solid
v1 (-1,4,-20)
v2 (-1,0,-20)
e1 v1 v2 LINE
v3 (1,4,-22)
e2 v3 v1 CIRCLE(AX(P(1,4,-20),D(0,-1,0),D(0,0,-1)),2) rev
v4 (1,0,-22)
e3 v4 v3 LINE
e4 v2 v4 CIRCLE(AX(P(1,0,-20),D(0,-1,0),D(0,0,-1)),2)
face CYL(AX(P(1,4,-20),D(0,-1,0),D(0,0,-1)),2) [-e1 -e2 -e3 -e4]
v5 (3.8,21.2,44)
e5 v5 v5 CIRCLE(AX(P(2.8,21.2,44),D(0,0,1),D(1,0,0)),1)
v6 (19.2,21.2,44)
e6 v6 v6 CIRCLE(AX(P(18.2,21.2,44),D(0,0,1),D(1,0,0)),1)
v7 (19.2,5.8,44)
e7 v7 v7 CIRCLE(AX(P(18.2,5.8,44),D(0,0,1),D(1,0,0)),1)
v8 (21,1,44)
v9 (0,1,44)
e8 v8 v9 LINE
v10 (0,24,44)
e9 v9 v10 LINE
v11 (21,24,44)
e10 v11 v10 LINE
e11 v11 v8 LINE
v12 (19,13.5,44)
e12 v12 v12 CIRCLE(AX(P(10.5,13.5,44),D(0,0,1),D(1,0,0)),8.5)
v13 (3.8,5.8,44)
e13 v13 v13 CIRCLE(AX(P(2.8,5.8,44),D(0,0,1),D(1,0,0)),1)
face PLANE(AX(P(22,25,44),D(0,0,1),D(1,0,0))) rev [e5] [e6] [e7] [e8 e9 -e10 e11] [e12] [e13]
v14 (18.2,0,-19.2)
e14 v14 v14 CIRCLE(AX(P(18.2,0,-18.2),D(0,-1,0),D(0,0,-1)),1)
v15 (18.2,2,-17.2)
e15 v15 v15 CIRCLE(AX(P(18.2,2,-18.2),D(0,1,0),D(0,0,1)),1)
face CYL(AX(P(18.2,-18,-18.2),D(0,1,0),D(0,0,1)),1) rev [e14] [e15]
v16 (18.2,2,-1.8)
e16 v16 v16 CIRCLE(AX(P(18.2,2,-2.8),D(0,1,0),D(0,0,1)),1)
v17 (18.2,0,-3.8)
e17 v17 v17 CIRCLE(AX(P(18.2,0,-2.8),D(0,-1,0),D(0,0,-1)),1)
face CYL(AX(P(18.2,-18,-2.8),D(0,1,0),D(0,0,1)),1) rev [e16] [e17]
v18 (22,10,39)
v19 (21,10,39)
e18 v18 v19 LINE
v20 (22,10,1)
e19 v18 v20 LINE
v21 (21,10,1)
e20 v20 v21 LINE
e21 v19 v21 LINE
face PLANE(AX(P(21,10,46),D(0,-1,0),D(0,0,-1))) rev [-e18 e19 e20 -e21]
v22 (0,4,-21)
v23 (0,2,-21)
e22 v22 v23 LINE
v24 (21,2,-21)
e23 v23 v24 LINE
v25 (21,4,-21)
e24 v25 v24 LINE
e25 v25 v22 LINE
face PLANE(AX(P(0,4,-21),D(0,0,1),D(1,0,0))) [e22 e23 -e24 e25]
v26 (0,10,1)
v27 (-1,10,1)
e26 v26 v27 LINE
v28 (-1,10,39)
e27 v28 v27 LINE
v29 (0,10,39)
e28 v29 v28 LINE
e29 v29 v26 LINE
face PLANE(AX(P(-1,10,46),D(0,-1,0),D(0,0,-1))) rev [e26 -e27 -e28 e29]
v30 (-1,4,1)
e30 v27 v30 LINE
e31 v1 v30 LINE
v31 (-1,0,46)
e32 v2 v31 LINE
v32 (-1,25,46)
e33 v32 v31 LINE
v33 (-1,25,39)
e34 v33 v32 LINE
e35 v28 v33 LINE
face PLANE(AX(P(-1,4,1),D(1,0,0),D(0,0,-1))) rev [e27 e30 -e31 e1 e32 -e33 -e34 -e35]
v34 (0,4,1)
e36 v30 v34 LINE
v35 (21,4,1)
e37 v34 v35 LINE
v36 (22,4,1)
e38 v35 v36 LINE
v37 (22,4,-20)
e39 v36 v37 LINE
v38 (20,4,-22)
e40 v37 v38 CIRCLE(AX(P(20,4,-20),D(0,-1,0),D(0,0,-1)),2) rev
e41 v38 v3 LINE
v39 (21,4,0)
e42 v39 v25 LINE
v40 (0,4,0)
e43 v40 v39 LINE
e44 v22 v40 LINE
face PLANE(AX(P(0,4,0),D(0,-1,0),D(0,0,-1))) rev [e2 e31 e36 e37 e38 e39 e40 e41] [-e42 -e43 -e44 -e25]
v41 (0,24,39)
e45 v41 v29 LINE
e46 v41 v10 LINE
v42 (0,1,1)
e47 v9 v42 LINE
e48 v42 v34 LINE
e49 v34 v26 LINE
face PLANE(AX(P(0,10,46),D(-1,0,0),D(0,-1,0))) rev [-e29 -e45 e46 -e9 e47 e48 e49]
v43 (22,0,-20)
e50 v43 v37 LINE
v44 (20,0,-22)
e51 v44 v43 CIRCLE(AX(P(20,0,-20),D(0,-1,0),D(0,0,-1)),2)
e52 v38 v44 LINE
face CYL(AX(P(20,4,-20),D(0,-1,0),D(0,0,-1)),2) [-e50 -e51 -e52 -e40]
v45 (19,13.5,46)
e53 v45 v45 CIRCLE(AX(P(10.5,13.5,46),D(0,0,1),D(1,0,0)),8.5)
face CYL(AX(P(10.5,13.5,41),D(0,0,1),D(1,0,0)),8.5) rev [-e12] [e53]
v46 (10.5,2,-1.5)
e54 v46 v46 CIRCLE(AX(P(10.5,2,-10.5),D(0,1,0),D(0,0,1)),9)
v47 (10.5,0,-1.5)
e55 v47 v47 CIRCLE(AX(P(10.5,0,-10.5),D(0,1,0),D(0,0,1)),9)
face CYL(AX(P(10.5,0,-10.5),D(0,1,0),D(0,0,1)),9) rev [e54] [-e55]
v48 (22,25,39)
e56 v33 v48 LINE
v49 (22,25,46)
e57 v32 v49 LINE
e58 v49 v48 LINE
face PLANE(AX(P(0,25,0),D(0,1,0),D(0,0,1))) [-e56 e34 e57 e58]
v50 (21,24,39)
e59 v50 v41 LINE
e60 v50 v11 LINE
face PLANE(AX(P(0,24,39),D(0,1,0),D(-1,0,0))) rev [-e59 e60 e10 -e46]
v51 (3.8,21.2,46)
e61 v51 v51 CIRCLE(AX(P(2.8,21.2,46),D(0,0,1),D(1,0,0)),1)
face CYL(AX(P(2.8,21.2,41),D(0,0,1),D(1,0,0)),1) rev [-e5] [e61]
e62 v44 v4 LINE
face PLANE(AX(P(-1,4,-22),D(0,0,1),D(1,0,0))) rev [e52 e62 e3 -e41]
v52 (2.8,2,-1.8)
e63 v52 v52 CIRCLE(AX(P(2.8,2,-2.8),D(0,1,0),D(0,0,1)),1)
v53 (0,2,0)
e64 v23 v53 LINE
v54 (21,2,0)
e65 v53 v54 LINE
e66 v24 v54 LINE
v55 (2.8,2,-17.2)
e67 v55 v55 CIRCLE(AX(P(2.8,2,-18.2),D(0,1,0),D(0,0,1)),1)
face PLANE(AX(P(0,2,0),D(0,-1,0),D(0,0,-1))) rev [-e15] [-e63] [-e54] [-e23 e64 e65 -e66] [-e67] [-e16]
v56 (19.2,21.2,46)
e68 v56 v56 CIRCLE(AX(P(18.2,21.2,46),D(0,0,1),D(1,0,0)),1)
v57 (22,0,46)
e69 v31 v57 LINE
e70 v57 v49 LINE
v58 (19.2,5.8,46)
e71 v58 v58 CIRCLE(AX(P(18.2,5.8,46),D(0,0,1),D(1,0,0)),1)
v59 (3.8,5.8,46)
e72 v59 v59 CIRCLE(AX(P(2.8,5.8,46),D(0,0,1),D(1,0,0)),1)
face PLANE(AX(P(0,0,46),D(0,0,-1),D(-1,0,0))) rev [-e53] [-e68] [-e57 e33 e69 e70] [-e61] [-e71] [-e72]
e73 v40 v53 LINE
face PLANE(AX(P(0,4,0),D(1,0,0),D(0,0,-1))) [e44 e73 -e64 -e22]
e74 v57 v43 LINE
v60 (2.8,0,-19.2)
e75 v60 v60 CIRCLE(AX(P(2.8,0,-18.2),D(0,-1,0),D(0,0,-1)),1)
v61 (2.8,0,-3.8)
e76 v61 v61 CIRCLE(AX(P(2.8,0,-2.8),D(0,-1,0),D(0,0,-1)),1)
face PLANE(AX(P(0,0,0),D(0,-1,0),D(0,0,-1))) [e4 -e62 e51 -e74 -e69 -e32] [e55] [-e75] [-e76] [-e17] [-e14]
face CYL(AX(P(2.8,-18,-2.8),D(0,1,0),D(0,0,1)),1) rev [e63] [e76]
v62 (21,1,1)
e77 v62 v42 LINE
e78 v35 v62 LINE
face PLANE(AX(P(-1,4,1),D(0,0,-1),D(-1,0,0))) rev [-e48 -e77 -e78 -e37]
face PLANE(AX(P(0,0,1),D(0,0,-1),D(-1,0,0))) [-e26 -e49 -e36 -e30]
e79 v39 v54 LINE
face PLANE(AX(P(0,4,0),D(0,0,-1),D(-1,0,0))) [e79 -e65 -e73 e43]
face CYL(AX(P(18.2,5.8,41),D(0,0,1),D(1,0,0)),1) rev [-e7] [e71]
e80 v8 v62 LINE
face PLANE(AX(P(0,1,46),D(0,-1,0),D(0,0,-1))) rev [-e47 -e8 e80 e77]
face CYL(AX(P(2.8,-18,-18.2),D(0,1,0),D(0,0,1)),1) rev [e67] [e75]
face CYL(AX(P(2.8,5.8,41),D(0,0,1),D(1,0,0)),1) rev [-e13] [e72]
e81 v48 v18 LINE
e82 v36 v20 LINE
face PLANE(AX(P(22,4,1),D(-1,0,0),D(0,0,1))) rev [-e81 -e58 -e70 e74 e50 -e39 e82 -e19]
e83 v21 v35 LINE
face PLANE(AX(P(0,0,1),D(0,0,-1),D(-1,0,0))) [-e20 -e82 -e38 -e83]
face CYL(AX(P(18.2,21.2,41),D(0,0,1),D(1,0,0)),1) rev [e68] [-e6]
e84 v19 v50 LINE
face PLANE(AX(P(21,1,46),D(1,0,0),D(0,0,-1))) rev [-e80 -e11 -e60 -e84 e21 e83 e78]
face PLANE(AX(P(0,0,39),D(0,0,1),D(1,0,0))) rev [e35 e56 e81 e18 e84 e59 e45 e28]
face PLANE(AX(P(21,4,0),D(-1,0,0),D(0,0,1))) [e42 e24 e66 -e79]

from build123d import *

# Parameters (mm, degrees)
SKETCH_1_W           = 23
SKETCH_1_H           = 23
SKETCH_1_W_2         = 21
SKETCH_1_H_2         = 21
EXTRUDE_1_DEPTH      = 4
SKETCH_2_W           = 21
SKETCH_2_H           = 21
EXTRUDE_2_DEPTH      = 2
CUT_EXTRUDE_1_DEPTH  = 2
FILLET_2_R           = 2
FILLET_3_R           = 2
EXTRUDE_6_DEPTH      = 45
SKETCH_19_W          = 23
SKETCH_19_H          = 2
EXTRUDE_7_DEPTH      = 24
SKETCH_4_R           = 1
CUT_EXTRUDE_9_DEPTH  = 20
EXTRUDE_8_DEPTH      = 5
SKETCH_22_R          = 8.5
SKETCH_22_R_2        = 1
CUT_EXTRUDE_11_DEPTH = 5


with BuildPart() as part:
    # 草图1 → 凸台-拉伸1 (new body)
    with BuildSketch(Plane(origin=(0, 0, 0), x_dir=(1, 0, 0), z_dir=(0, 1, 0))):
        with Locations((10.5, 10.5)):
            Rectangle(SKETCH_1_W, SKETCH_1_H)
        with Locations((10.5, 10.5)):
            Rectangle(SKETCH_1_W_2, SKETCH_1_H_2, mode=Mode.SUBTRACT)
    extrude(amount=EXTRUDE_1_DEPTH)

    # 草图2 → 凸台-拉伸2 (add)
    with BuildSketch(Plane(origin=(0, 0, 0), x_dir=(1, 0, 0), z_dir=(0, 1, 0))):
        with Locations((10.5, 10.5)):
            Rectangle(SKETCH_2_W, SKETCH_2_H)
    extrude(amount=EXTRUDE_2_DEPTH)

    # 草图3 → 切除-拉伸1 (cut)
    with BuildSketch(Plane(origin=(0, 2, 0), x_dir=(1, 0, 0), z_dir=(0, 1, 0))):
        with BuildLine():
            ThreePointArc((19.5, 10.5), (10.5, 19.5), (1.5, 10.5))
            Line((1.5, 10.5), (19.5, 10.5))
        make_face()
        with BuildLine():
            Line((19.5, 10.5), (1.5, 10.5))
            ThreePointArc((1.5, 10.5), (10.5, 1.5), (19.5, 10.5))
        make_face()
    extrude(amount=-CUT_EXTRUDE_1_DEPTH, mode=Mode.SUBTRACT)

    # 圆角2
    fillet_2_edges = [part.edges().sort_by_distance(p)[0] for p in [
        (-1, 2, -22),
    ]]
    fillet(fillet_2_edges, radius=FILLET_2_R)

    # 圆角3
    fillet_3_edges = [part.edges().sort_by_distance(p)[0] for p in [
        (22, 2, -22),
    ]]
    fillet(fillet_3_edges, radius=FILLET_3_R)

    # 草图18 → 凸台-拉伸6 (add)
    with BuildSketch(Plane.XY.offset(1)):
        Polygon((-1, 0), (22, 0), (22, 10), (21, 10), (21, 1), (0, 1), (0, 10), (-1, 10), align=None)
    extrude(amount=EXTRUDE_6_DEPTH)

    # 草图19 → 凸台-拉伸7 (add)
    with BuildSketch(Plane(origin=(0, 1, 0), x_dir=(1, 0, 0), z_dir=(0, 1, 0))):
        with Locations((10.5, -45)):
            Rectangle(SKETCH_19_W, SKETCH_19_H)
    extrude(amount=EXTRUDE_7_DEPTH)

    # 草图4 → 切除-拉伸9 (cut)
    with BuildSketch(Plane(origin=(0, 2, 0), x_dir=(1, 0, 0), z_dir=(0, 1, 0))):
        with Locations(Location((2.8, 18.2, 0), (0, 0, 270))):
            Circle(SKETCH_4_R)
        with Locations(Location((2.8, 2.8, 0), (0, 0, 270))):
            Circle(SKETCH_4_R)
        with Locations(Location((18.2, 2.8, 0), (0, 0, 270))):
            Circle(SKETCH_4_R)
        with Locations(Location((18.2, 18.2, 0), (0, 0, 270))):
            Circle(SKETCH_4_R)
    extrude(amount=-CUT_EXTRUDE_9_DEPTH, mode=Mode.SUBTRACT)

    # 草图24 → 凸台-拉伸8 (add)
    with BuildSketch(Plane(origin=(0, 0, 44), x_dir=(-1, 0, 0), z_dir=(0, 0, -1))):
        Polygon((-22, 10), (-22, 25), (1, 25), (1, 10), (0, 10), (0, 24), (-21, 24), (-21, 10), align=None)
    extrude(amount=EXTRUDE_8_DEPTH)

    # 草图22 → 切除-拉伸11 (cut)
    with BuildSketch(Plane.XY.offset(46)):
        with Locations((10.5, 13.5)):
            Circle(SKETCH_22_R)
        with Locations((18.2, 21.2)):
            Circle(SKETCH_22_R_2)
        with Locations((2.8, 21.2)):
            Circle(SKETCH_22_R_2)
        with Locations((2.8, 5.8)):
            Circle(SKETCH_22_R_2)
        with Locations((18.2, 5.8)):
            Circle(SKETCH_22_R_2)
    extrude(amount=-CUT_EXTRUDE_11_DEPTH, mode=Mode.SUBTRACT)


solid = part.part
